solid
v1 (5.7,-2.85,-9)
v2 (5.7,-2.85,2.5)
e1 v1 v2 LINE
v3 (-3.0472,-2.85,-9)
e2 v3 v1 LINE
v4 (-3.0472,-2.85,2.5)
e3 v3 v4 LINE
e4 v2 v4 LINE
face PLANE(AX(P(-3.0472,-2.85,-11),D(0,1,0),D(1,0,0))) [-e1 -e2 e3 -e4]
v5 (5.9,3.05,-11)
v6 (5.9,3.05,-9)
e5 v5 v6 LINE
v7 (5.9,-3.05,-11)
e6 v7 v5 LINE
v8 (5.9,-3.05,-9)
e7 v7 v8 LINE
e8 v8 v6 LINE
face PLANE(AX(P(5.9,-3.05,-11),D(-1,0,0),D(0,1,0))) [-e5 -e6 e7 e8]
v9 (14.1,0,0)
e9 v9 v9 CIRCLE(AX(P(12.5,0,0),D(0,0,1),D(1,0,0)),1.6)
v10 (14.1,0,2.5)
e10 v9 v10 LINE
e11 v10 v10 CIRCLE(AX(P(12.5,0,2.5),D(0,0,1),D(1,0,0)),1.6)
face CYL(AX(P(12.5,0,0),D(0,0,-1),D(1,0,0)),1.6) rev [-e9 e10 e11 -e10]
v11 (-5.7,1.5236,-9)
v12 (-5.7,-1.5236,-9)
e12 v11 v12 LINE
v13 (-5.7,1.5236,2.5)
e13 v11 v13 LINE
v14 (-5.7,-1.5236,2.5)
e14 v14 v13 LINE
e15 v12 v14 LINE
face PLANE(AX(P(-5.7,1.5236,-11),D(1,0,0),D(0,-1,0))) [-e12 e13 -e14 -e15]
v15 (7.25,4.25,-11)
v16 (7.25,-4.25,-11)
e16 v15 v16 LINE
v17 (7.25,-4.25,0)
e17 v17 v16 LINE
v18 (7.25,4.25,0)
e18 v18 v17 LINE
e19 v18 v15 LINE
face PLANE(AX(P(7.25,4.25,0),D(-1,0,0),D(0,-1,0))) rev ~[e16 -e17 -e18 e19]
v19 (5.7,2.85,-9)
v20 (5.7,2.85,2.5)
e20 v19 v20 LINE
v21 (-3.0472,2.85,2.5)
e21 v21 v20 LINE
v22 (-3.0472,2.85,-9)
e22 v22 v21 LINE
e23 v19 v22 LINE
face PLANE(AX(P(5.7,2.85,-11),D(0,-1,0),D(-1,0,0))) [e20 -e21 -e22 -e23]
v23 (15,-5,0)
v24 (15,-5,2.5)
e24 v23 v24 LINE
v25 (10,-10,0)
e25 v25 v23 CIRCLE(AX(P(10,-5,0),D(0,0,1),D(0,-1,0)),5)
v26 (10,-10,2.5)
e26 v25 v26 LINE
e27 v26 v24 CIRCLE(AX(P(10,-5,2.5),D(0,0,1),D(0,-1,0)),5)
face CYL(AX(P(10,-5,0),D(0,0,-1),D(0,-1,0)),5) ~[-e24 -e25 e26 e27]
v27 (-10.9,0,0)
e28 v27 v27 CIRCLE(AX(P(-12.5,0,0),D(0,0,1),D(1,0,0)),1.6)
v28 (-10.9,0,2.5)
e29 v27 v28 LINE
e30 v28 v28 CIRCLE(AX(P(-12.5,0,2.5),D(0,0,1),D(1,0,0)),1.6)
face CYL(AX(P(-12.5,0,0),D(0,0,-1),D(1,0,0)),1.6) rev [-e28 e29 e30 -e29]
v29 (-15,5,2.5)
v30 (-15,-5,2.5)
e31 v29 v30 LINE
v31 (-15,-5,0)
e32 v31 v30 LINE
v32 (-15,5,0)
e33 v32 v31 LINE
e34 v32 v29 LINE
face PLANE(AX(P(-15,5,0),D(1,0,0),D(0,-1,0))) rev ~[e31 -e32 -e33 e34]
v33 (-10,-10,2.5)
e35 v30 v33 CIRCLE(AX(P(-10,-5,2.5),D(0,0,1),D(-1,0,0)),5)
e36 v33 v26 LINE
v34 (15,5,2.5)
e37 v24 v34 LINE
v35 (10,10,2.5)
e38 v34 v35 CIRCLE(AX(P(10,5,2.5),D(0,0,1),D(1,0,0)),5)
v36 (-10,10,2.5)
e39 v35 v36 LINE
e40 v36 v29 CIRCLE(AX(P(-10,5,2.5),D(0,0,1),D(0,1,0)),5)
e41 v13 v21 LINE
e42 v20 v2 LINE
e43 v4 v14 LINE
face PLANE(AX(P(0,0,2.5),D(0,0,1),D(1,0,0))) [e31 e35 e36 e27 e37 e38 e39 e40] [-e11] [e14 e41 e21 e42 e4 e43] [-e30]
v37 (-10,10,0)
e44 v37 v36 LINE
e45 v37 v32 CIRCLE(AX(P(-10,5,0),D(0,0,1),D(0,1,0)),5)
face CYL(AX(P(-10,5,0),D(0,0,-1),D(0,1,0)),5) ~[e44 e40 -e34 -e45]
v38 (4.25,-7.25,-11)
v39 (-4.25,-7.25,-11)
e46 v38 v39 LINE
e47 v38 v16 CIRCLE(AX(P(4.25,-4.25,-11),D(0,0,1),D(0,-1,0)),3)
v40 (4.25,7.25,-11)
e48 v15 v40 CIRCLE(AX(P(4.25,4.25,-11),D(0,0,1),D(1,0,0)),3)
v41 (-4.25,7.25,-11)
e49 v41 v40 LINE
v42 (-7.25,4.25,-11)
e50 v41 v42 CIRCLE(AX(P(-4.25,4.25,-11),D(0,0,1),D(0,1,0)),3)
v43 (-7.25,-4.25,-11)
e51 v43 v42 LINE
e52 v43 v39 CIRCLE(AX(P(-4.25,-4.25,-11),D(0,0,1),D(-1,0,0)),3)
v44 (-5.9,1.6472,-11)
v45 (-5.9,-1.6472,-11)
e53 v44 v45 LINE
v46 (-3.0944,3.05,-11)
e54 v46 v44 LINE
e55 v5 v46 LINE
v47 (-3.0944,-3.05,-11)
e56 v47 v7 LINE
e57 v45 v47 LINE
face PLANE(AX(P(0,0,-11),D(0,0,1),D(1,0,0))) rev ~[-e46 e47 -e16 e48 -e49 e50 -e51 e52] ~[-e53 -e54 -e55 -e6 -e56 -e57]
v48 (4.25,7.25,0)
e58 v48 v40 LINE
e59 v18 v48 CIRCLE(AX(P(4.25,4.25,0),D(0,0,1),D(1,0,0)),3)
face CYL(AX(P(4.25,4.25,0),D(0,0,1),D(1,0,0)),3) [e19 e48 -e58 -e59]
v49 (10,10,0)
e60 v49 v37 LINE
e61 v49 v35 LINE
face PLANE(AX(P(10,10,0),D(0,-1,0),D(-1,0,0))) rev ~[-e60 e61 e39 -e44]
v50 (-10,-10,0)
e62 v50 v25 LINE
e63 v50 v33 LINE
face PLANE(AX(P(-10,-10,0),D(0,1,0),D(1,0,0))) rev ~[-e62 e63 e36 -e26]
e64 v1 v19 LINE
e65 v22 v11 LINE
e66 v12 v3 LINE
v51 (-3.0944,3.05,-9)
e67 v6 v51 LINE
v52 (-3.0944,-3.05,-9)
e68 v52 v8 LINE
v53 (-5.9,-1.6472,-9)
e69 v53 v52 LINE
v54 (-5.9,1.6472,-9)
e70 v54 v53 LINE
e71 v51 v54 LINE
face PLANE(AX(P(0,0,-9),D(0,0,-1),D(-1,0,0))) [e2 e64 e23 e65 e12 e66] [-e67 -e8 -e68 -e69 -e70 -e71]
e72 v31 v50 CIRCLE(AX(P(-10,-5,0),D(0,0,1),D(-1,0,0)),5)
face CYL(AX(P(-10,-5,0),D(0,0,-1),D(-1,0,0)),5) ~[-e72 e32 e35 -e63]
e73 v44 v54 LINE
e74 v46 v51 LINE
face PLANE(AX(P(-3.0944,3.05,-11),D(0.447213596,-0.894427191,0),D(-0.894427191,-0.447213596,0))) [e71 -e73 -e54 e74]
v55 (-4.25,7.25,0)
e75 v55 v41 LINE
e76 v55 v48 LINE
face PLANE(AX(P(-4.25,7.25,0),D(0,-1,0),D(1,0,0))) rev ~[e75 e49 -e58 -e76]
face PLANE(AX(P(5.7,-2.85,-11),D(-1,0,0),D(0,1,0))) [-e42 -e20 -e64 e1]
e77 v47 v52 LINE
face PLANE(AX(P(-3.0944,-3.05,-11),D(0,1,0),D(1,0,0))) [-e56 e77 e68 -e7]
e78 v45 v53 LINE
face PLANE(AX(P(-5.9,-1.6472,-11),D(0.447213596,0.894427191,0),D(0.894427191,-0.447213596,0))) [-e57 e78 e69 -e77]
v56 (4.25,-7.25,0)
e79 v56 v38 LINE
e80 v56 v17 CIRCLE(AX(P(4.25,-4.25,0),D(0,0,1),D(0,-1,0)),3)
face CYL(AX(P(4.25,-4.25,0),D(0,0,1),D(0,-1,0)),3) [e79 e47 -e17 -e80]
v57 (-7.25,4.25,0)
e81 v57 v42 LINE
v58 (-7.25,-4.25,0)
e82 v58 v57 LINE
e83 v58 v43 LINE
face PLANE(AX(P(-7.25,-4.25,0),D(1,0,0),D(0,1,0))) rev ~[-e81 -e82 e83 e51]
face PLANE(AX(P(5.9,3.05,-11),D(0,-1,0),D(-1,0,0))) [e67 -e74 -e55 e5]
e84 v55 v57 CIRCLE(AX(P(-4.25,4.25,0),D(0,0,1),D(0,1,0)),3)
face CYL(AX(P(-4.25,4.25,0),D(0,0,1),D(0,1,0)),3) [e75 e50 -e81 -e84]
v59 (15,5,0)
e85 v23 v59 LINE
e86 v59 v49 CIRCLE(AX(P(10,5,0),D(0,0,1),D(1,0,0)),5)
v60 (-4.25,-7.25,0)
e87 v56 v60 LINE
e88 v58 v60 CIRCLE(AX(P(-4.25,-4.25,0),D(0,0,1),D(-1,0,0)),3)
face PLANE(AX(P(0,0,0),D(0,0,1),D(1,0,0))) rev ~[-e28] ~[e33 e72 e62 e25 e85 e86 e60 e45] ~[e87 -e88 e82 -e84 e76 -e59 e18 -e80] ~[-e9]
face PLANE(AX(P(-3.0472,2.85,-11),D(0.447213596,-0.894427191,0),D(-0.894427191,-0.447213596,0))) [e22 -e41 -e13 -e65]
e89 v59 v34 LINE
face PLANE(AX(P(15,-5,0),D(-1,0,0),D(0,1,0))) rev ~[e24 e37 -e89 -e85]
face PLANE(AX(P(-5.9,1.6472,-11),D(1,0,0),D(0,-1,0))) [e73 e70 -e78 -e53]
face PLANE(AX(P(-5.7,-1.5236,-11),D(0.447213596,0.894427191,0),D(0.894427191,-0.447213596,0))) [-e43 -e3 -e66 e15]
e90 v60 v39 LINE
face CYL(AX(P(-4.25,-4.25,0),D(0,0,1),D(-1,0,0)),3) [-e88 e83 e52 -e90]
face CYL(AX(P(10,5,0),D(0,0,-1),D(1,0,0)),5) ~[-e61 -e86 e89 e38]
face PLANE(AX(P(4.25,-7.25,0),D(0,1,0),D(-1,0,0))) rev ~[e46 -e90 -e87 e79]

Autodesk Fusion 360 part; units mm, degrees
sketch "Sketch1" plane through (0, 0, 0) normal (0, 0, 1) x (1, 0, 0)
  line L0 (-4.25, 7.25) -> (4.25, 7.25)
  line L1 (7.25, 4.25) -> (7.25, -4.25)
  line L2 (4.25, -7.25) -> (-4.25, -7.25)
  line L3 (-7.25, -4.25) -> (-7.25, 4.25)
  line L4 (-7.25, 7.25) -> (7.25, -7.25) construction
  line L5 (7.25, 7.25) -> (-7.25, -7.25) construction
  arc A0 (-4.25, 7.25) -> (-7.25, 4.25) centre (-4.25, 4.25) ccw
  arc A1 (-7.25, -4.25) -> (-4.25, -7.25) centre (-4.25, -4.25) ccw
  arc A2 (4.25, -7.25) -> (7.25, -4.25) centre (4.25, -4.25) ccw
  arc A3 (7.25, 4.25) -> (4.25, 7.25) centre (4.25, 4.25) ccw
  line L6 (10, 10) -> (-10, 10)
  line L7 (-15, 5) -> (-15, -5)
  line L8 (-10, -10) -> (10, -10)
  line L9 (15, -5) -> (15, 5)
  line L10 (15, 10) -> (-15, -10) construction
  line L11 (-15, 10) -> (15, -10) construction
  arc A4 (15, 5) -> (10, 10) centre (10, 5) ccw
  arc A5 (-10, 10) -> (-15, 5) centre (-10, 5) ccw
  arc A6 (-15, -5) -> (-10, -10) centre (-10, -5) ccw
  arc A7 (10, -10) -> (15, -5) centre (10, -5) ccw
  circle A8 centre (-12.5, 0) radius 1.6
  line L12 (0, 0) -> (0, 5.6259) construction
  circle A9 centre (12.5, 0) radius 1.6
  line L13 (-5.5, 2.65) -> (5.5, 2.65)
  line L14 (5.5, 2.65) -> (5.5, -2.65)
  line L15 (5.5, -2.65) -> (-5.5, -2.65)
  line L16 (-5.5, -2.65) -> (-5.5, 2.65)
  line L17 (-5.5, 2.65) -> (5.5, -2.65) construction
  line L18 (5.5, 2.65) -> (-5.5, -2.65) construction
  line L19 (-5.5, 1.4) -> (-5.5, -1.4)
  line L20 (-3, 4.4279) -> (-3, -3.4951) construction
  line L21 (-5.5, 1.4) -> (-3, 2.65)
  line L22 (-3, -2.65) -> (-5.5, -1.4)
  dimension "d1" = 14.5
  dimension "d2" = 14.5
  dimension "d3" = 3
  dimension "d4" = 30
  dimension "d5" = 20
  dimension "d6" = 5
  dimension "d7" = 3.2
  dimension "d8" = 11
  dimension "d9" = 5.3
  dimension "d10" = 2.8
  dimension "d11" = 2.5
  dimension "d12" = 1.4
  dimension "d17" = 12.5
extrude "Extrude1" add sketch "Sketch1" along normal blind 2.5 contours L0 L1 L2 L3 A0 A1 A2 A3 | L6 L7 L8 L9 A4 A5 A6 A7 | L13 L16 L21 | L15 L16 L22
extrude "Extrude2" add sketch "Sketch1" against normal blind 11 contours L0 L1 L2 L3 A0 A1 A2 A3 | L13 L16 L21 | L15 L16 L22
sketch "Sketch2" plane through (0, 0, -11) normal (0, 0, -1) x (-1, 0, 0)
  line L0 (5.5, 1.4) -> (5.5, -1.4)
  line L1 (5.5, -1.4) -> (3, -2.65)
  line L2 (3, -2.65) -> (-5.5, -2.65)
  line L3 (-5.5, -2.65) -> (-5.5, 2.65)
  line L4 (-5.5, 2.65) -> (3, 2.65)
  line L5 (3, 2.65) -> (5.5, 1.4)
  arc A0 (-7.25, -4.25) -> (-4.25, -7.25) centre (-4.25, -4.25) ccw
  line L6 (-4.25, -7.25) -> (4.25, -7.25)
  arc A1 (4.25, -7.25) -> (7.25, -4.25) centre (4.25, -4.25) ccw
  line L7 (7.25, -4.25) -> (7.25, 4.25)
  arc A2 (7.25, 4.25) -> (4.25, 7.25) centre (4.25, 4.25) ccw
  line L8 (4.25, 7.25) -> (-4.25, 7.25)
  arc A3 (-4.25, 7.25) -> (-7.25, 4.25) centre (-4.25, 4.25) ccw
  line L9 (-7.25, 4.25) -> (-7.25, -4.25)
  line L10 (5.9, -1.6472) -> (3.0944, -3.05)
  line L11 (3.0944, -3.05) -> (-5.9, -3.05)
  line L12 (-5.9, -3.05) -> (-5.9, 3.05)
  line L13 (-5.9, 3.05) -> (3.0944, 3.05)
  line L14 (3.0944, 3.05) -> (5.9, 1.6472)
  line L15 (5.9, 1.6472) -> (5.9, -1.6472)
  line L16 (5.7, 1.5236) -> (5.7, -1.5236)
  line L17 (5.7, -1.5236) -> (3.0472, -2.85)
  line L18 (3.0472, -2.85) -> (-5.7, -2.85)
  line L19 (-5.7, -2.85) -> (-5.7, 2.85)
  line L20 (-5.7, 2.85) -> (3.0472, 2.85)
  line L21 (3.0472, 2.85) -> (5.7, 1.5236)
  dimension "d18" = -0.4
  dimension "d21" = -0.2
extrude "Extrude3" cut sketch "Sketch2" against normal blind 2 contours L10 L11 L12 L13 L14 L15 | L16 L17 L18 L19 L20 L21
extrude "Extrude4" cut sketch "Sketch2" against normal through all contours L0 L1 L2 L3 L4 L5 | L16 L17 L18 L19 L20 L21
equation "d12 = d10 / 2"
